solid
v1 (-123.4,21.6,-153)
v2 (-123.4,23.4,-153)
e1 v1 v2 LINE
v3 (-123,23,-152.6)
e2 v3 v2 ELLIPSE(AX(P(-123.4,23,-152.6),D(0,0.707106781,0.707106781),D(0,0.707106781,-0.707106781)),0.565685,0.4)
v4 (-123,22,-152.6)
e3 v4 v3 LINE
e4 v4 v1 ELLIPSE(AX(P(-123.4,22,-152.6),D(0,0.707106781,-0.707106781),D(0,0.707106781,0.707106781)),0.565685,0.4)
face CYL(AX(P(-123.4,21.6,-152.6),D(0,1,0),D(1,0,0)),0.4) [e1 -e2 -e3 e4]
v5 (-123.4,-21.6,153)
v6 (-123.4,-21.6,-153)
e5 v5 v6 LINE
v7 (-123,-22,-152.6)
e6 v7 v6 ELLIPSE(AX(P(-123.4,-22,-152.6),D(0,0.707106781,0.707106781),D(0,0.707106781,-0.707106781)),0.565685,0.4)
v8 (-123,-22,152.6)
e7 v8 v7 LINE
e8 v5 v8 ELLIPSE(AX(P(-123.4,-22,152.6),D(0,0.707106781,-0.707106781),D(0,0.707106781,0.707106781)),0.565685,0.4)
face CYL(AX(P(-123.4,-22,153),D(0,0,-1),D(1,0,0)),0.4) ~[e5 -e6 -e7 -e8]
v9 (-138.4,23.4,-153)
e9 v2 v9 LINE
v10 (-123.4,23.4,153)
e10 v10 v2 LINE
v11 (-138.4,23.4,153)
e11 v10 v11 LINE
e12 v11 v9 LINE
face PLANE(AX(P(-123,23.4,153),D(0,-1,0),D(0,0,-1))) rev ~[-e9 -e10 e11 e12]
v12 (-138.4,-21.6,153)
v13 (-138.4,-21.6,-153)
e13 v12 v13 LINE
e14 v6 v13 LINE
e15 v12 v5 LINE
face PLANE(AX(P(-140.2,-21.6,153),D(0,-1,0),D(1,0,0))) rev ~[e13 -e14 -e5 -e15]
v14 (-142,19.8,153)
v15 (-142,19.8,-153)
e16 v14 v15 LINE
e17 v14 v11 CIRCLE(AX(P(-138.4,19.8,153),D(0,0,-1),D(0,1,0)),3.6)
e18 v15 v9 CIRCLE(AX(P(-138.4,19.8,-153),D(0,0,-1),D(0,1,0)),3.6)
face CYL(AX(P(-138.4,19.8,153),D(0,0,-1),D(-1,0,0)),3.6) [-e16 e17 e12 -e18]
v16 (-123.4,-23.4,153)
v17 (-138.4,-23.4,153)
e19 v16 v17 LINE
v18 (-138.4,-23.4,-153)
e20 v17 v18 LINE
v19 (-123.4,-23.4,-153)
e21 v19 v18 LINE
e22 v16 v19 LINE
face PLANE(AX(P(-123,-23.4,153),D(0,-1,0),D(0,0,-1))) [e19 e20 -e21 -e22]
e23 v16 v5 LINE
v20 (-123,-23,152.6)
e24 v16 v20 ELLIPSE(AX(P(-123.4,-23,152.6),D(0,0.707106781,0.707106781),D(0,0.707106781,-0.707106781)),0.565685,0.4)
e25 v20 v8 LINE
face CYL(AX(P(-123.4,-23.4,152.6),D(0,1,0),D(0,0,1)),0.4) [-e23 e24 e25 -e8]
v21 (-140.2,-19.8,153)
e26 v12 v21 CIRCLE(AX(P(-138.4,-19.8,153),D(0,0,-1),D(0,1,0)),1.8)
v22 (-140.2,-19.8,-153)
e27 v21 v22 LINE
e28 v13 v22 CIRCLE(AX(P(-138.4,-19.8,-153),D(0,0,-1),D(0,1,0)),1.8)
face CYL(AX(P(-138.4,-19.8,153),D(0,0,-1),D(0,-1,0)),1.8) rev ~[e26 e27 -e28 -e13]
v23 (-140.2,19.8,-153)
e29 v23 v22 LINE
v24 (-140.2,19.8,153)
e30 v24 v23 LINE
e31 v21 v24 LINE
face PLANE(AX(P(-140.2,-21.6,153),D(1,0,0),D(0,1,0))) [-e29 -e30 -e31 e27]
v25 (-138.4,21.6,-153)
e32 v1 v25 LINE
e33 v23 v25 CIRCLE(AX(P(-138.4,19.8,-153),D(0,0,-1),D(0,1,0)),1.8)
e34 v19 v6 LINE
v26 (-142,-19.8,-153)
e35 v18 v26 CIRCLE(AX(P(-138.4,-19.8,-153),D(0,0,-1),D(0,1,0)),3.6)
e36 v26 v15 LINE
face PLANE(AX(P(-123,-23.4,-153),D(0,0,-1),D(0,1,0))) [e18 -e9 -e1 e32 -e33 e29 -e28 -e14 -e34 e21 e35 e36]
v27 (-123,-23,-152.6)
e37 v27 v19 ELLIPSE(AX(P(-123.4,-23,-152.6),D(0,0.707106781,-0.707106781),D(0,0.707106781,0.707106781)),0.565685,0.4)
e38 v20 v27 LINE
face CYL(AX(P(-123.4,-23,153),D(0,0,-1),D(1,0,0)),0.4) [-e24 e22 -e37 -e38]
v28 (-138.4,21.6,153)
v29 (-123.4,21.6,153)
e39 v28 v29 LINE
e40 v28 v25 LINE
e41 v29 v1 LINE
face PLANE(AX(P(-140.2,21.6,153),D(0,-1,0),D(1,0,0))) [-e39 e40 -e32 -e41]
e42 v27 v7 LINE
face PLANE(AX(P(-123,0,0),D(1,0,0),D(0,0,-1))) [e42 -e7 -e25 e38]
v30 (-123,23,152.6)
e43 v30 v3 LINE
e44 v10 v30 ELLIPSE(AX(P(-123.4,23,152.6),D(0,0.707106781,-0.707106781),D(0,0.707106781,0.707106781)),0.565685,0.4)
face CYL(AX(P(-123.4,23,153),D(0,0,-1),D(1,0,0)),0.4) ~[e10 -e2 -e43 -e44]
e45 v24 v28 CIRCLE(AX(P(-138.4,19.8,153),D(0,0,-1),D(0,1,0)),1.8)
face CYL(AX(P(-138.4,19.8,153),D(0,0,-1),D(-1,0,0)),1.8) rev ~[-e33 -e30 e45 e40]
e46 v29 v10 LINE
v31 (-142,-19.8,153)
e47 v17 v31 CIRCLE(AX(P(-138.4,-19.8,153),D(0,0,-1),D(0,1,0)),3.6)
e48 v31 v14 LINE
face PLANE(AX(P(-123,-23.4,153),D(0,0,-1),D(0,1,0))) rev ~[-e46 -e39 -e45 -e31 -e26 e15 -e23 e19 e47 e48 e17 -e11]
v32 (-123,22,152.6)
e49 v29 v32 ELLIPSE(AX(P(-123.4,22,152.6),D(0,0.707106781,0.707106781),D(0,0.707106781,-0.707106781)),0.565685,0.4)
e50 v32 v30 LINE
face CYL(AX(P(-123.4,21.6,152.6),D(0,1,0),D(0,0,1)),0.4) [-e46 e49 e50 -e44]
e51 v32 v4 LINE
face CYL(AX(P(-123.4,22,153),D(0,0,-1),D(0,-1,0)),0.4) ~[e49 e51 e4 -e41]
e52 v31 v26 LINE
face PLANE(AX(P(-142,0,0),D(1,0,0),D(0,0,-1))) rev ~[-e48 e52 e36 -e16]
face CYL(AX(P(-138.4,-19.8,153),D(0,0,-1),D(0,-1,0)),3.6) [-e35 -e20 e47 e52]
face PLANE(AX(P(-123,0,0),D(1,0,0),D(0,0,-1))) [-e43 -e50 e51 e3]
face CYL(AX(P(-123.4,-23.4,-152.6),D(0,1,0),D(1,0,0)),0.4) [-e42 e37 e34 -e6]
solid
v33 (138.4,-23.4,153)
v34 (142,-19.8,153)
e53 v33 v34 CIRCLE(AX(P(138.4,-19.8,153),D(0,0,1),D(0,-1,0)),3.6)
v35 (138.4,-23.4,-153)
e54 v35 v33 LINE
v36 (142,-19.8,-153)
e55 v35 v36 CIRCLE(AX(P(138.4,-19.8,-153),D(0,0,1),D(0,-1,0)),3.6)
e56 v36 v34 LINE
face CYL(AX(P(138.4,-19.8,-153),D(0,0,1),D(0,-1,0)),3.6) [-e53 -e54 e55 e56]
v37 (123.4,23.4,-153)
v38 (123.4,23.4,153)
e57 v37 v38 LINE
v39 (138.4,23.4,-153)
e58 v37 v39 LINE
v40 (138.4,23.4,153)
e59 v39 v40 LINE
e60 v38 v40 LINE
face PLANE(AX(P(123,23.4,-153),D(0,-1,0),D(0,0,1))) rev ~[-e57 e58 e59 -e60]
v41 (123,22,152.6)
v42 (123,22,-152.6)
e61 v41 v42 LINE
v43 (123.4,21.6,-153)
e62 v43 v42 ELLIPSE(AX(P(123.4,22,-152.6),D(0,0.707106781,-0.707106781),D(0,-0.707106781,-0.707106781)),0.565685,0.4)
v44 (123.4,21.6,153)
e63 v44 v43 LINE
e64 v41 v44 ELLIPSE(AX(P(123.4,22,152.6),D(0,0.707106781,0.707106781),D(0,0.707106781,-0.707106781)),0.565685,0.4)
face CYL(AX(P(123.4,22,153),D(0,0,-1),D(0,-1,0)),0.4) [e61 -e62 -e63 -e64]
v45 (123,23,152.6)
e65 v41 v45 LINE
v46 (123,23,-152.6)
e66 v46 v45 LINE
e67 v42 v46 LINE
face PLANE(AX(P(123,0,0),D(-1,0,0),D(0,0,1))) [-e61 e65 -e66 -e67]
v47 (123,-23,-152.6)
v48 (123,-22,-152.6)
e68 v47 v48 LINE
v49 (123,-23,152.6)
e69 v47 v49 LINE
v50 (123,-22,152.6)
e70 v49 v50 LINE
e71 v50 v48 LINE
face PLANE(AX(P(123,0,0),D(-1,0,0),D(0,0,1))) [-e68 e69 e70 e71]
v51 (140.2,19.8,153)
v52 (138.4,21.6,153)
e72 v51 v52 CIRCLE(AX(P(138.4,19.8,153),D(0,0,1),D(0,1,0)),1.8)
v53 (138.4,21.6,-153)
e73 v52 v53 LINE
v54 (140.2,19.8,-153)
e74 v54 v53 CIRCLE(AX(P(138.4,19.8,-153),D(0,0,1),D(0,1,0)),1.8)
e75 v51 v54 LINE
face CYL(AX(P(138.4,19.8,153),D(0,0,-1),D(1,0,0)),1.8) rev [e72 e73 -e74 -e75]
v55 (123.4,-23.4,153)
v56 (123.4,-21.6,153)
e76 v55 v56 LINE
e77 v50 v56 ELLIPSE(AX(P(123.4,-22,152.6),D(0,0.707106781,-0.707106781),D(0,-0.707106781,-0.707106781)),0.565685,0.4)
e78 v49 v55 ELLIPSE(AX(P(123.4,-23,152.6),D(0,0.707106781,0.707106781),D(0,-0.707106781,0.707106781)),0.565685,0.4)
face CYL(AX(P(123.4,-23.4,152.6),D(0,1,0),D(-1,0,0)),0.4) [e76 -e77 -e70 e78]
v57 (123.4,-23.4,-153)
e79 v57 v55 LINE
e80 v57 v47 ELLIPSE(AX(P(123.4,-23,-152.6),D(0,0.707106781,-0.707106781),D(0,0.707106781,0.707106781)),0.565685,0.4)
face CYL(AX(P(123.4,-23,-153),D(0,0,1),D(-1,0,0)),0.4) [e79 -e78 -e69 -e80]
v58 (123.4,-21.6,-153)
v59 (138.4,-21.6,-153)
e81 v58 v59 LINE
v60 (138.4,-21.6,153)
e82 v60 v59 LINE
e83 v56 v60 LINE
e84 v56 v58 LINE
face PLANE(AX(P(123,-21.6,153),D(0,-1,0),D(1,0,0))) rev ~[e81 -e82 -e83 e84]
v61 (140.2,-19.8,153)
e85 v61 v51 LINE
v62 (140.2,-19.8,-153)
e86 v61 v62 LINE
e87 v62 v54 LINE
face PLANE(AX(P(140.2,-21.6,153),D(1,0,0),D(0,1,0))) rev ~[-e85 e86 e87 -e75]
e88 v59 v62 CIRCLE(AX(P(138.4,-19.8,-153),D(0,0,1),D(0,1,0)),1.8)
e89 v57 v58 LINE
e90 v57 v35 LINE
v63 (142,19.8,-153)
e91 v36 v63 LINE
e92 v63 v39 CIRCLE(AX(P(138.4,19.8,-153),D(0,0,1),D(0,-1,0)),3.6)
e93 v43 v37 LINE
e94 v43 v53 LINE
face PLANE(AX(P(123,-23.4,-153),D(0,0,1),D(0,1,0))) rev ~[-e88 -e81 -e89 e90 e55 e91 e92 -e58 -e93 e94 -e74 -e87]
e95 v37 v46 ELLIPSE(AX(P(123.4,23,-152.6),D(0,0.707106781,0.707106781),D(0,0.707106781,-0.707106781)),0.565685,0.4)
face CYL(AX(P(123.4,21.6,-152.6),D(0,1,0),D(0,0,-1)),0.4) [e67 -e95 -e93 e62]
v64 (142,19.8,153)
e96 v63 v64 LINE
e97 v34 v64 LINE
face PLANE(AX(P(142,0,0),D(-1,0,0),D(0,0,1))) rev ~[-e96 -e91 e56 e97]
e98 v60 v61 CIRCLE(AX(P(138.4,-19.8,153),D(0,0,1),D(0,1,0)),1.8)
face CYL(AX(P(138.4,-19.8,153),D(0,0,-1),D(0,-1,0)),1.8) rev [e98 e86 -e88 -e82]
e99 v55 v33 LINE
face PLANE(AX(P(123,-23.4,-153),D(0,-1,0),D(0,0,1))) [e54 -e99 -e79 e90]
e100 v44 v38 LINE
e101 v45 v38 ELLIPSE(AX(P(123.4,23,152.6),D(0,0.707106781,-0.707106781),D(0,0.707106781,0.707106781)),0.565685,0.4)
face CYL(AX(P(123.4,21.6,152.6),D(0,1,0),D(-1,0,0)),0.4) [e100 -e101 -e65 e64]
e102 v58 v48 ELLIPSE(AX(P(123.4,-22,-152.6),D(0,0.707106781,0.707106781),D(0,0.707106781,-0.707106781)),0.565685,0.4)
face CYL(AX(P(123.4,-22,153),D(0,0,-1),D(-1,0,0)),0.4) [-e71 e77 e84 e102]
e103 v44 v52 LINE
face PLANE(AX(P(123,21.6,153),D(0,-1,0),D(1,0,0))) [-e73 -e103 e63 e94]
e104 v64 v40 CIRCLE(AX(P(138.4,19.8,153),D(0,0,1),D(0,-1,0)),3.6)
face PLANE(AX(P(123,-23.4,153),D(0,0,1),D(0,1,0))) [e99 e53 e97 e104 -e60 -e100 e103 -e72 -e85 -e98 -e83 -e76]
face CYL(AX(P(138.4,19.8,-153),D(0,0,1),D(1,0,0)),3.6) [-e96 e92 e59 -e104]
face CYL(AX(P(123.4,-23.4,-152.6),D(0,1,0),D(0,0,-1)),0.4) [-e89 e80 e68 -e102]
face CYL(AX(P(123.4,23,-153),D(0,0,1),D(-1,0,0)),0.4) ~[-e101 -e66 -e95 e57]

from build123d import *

# Parameters (mm, degrees)
SKETCH6_W           = 306
SKETCH6_H           = 46.8
BOSS_EXTRUDE2_DEPTH = 19
SKETCH7_W           = 17.2
SKETCH7_H           = 43.2
CUT_EXTRUDE2_DEPTH  = 307
FILLET4_R           = 0.4
FILLET5_R           = 1.8
FILLET6_R           = 3.6
SKETCH12_W          = 306
SKETCH12_H          = 46.8
BOSS_EXTRUDE3_DEPTH = 19
SKETCH13_W          = 17.2
SKETCH13_H          = 43.2
CUT_EXTRUDE3_DEPTH  = 307
FILLET7_R           = 0.4
FILLET8_R           = 1.8
FILLET9_R           = 3.6


with BuildPart() as part:
    # Sketch6 → Boss-Extrude2 (new body)
    with BuildSketch(Plane.ZY.offset(-123)):
        Rectangle(SKETCH6_W, SKETCH6_H)
    extrude(amount=-BOSS_EXTRUDE2_DEPTH)

    # Sketch7 → Cut-Extrude2 (cut, through all)
    with BuildSketch(Plane.XY.offset(153)):
        with Locations((131.6, 0)):
            Rectangle(SKETCH7_W, SKETCH7_H)
    extrude(amount=-CUT_EXTRUDE2_DEPTH, mode=Mode.SUBTRACT)

    # Fillet4
    fillet4_edges = [part.edges().sort_by_distance(p)[0] for p in [
        (123, 22.5, 153),
        (123, -22.5, -153),
        (123, -21.6, 0),
        (123, 21.6, 0),
        (123, -23.4, 0),
        (123, 22.5, -153),
        (123, 23.4, 0),
        (123, -22.5, 153),
    ]]
    fillet(fillet4_edges, radius=FILLET4_R)

    # Fillet5
    fillet5_edges = [part.edges().sort_by_distance(p)[0] for p in [
        (140.2, 21.6, 0),
        (140.2, -21.6, 0),
    ]]
    fillet(fillet5_edges, radius=FILLET5_R)

    # Fillet6
    fillet6_edges = [part.edges().sort_by_distance(p)[0] for p in [
        (142, -23.4, 0),
        (142, 23.4, 0),
    ]]
    fillet(fillet6_edges, radius=FILLET6_R)


with BuildPart() as body_2:
    # Sketch12 → Boss-Extrude3 (new body)
    with BuildSketch(Plane(origin=(-123, 0, 0), x_dir=(0, 0, -1), z_dir=(1, 0, 0))):
        Rectangle(SKETCH12_W, SKETCH12_H)
    extrude(amount=-BOSS_EXTRUDE3_DEPTH)

    # Sketch13 → Cut-Extrude3 (cut, through all)
    with BuildSketch(Plane.XY.offset(153)):
        with Locations((-131.6, 0)):
            Rectangle(SKETCH13_W, SKETCH13_H)
    extrude(amount=-CUT_EXTRUDE3_DEPTH, mode=Mode.SUBTRACT)

    # Fillet7
    fillet7_edges = [body_2.edges().sort_by_distance(p)[0] for p in [
        (-123, -22.5, 153),
        (-123, 22.5, -153),
        (-123, -21.6, 0),
        (-123, 21.6, 0),
        (-123, -22.5, -153),
        (-123, -23.4, 0),
        (-123, 22.5, 153),
        (-123, 23.4, 0),
    ]]
    fillet(fillet7_edges, radius=FILLET7_R)

    # Fillet8
    fillet8_edges = [body_2.edges().sort_by_distance(p)[0] for p in [
        (-140.2, -21.6, 0),
        (-140.2, 21.6, 0),
    ]]
    fillet(fillet8_edges, radius=FILLET8_R)

    # Fillet9
    fillet9_edges = [body_2.edges().sort_by_distance(p)[0] for p in [
        (-142, -23.4, 0),
        (-142, 23.4, 0),
    ]]
    fillet(fillet9_edges, radius=FILLET9_R)


solid = Compound([part.part, body_2.part])
